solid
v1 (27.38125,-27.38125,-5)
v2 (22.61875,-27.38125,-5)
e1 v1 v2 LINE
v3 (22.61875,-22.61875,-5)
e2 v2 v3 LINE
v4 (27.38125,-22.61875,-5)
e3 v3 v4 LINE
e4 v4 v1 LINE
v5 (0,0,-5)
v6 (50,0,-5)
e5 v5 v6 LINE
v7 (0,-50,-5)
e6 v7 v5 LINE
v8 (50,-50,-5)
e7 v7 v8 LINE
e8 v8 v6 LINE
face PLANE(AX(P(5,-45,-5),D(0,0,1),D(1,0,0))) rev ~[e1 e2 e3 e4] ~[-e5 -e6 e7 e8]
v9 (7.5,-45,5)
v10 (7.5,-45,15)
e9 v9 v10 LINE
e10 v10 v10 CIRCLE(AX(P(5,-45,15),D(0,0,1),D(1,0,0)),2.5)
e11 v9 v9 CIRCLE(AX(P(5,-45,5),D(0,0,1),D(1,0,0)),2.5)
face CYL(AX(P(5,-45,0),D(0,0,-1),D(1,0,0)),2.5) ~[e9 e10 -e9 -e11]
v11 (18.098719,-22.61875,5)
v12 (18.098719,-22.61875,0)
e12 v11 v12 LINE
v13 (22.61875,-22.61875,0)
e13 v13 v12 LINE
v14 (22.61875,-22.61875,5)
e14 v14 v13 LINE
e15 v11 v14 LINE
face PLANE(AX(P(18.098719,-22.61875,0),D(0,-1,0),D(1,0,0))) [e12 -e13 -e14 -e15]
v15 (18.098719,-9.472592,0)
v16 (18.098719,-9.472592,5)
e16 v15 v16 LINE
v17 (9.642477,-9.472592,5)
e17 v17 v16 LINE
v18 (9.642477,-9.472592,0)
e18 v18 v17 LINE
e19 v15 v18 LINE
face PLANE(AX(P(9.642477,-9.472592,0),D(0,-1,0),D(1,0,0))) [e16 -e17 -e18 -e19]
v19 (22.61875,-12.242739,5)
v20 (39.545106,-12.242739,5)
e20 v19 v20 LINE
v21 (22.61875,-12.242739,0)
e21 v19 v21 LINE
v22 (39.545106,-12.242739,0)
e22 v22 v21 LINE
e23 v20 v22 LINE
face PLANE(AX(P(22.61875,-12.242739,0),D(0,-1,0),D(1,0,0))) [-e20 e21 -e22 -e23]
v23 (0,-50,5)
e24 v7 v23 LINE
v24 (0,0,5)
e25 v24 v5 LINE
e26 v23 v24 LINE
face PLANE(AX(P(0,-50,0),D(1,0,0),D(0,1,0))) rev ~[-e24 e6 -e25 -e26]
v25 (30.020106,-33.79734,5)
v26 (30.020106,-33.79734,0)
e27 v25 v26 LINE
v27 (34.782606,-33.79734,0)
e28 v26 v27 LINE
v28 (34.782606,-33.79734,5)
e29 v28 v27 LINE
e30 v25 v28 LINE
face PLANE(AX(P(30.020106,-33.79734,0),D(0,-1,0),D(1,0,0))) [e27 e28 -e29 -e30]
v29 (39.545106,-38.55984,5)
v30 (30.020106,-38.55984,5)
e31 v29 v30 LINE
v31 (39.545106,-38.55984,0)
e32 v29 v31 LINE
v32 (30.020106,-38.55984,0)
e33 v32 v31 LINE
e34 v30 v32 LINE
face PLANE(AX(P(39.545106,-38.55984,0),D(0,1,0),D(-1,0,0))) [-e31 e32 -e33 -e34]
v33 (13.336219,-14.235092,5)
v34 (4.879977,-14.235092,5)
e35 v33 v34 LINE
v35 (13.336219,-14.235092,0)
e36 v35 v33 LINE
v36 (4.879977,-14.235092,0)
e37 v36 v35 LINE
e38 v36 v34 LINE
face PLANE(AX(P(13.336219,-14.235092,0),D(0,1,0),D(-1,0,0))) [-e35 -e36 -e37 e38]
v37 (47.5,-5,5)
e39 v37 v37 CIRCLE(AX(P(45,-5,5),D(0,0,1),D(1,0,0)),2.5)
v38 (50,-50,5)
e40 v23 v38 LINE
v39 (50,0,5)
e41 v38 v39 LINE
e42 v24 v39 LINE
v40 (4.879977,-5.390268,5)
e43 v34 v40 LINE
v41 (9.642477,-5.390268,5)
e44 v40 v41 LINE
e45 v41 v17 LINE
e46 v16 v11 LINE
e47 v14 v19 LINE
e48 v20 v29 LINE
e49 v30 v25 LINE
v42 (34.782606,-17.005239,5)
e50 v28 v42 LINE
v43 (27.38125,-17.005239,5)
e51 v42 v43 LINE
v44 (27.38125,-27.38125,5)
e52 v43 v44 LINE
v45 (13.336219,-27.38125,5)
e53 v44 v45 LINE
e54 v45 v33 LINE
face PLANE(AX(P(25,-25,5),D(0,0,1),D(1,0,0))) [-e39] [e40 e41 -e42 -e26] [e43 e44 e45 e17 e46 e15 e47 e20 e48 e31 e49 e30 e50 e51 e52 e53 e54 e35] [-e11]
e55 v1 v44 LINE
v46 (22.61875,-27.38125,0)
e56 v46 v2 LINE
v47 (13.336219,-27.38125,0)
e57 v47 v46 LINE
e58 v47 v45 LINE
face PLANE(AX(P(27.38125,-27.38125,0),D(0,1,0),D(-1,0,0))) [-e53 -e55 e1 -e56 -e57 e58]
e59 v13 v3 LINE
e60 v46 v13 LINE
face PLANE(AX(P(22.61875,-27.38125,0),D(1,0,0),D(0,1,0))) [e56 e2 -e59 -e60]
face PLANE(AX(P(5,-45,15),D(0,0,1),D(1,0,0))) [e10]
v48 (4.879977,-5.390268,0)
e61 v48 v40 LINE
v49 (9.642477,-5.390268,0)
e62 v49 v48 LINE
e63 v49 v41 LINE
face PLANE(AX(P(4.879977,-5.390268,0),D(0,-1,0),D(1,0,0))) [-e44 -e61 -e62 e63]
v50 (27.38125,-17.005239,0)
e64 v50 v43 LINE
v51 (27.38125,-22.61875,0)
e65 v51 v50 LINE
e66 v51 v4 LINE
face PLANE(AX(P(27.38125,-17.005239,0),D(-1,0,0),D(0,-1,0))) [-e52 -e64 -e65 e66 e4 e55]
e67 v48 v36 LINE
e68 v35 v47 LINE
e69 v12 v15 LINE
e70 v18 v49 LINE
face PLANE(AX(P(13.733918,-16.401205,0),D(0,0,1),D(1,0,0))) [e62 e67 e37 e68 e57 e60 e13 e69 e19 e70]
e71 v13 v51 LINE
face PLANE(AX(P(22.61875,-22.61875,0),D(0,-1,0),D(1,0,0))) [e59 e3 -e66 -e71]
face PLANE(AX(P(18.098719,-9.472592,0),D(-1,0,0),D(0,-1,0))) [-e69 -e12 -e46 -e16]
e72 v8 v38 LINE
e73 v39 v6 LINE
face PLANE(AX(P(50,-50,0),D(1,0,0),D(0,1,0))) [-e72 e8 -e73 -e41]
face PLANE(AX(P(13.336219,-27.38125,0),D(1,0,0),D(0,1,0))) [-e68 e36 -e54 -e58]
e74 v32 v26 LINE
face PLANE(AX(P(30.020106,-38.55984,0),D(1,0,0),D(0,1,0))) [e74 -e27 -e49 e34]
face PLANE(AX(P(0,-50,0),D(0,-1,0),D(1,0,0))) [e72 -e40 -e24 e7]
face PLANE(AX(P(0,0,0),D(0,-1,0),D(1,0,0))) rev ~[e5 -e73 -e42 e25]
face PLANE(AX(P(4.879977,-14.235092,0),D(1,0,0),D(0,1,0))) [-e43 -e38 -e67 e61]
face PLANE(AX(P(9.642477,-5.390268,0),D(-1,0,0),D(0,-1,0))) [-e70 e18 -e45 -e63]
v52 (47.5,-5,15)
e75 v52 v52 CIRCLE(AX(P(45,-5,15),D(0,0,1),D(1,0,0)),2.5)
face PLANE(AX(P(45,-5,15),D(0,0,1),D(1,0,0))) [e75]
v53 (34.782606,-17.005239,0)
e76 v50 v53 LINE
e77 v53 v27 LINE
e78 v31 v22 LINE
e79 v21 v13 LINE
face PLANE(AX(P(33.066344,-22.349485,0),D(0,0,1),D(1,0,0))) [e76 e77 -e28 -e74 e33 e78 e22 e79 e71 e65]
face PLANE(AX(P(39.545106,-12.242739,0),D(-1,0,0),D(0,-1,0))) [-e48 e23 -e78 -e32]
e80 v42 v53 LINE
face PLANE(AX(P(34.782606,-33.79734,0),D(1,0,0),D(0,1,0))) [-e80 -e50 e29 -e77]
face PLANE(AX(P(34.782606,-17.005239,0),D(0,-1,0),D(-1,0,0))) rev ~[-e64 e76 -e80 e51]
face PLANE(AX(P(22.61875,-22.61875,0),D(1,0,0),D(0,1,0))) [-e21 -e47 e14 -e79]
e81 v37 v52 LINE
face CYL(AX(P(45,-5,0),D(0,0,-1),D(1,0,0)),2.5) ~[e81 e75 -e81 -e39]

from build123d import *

# Parameters (mm, degrees)
F0_W          = 50
F0_H          = 50
F0_R          = 2.5
F1_DEPTH      = 5
F0_W_2        = 4.7625
F0_H_2        = 4.7625
F2_DEPTH      = 2.38125
F3_DEPTH      = 5
F4_DEPTH      = 15
F4_DEPTH_BACK = 5


with BuildPart() as f1:
    # F0 (on Top) → F1 (new body, symmetric)
    with BuildSketch(Plane.XY):
        with Locations((25, -25)):
            Rectangle(F0_W, F0_H)
        with Locations((5, -45)):
            Circle(F0_R, mode=Mode.SUBTRACT)
        Polygon((18.098719, -22.61875), (22.61875, -22.61875), (22.61875, -12.242739), (39.545106, -12.242739), (39.545106, -17.005239), (39.545106, -38.55984), (34.782606, -38.55984), (30.020106, -38.55984), (30.020106, -33.79734), (34.782606, -33.79734), (34.782606, -17.005239), (27.38125, -17.005239), (27.38125, -22.61875), (27.38125, -25), (27.38125, -27.38125), (25, -27.38125), (22.61875, -27.38125), (18.098719, -27.38125), (13.336219, -27.38125), (13.336219, -14.235092), (4.879977, -14.235092), (4.879977, -9.472592), (4.879977, -5.390268), (9.642477, -5.390268), (9.642477, -9.472592), (13.336219, -9.472592), (18.098719, -9.472592), (18.098719, -14.235092), align=None, mode=Mode.SUBTRACT)
        with Locations((45, -5)):
            Circle(F0_R, mode=Mode.SUBTRACT)
    extrude(amount=F1_DEPTH, both=True)

    # F0 (on Top) → F2 (cut)
    with BuildSketch(Plane.XY):
        Polygon((22.61875, -27.38125), (22.61875, -25), (22.61875, -22.61875), (18.098719, -22.61875), (18.098719, -14.235092), (18.098719, -9.472592), (13.336219, -9.472592), (9.642477, -9.472592), (9.642477, -5.390268), (4.879977, -5.390268), (4.879977, -9.472592), (4.879977, -14.235092), (13.336219, -14.235092), (13.336219, -27.38125), (18.098719, -27.38125), align=None)
        Polygon((22.61875, -12.242739), (22.61875, -22.61875), (25, -22.61875), (27.38125, -22.61875), (27.38125, -17.005239), (34.782606, -17.005239), (34.782606, -33.79734), (34.782606, -38.55984), (39.545106, -38.55984), (39.545106, -17.005239), (39.545106, -12.242739), align=None)
        with Locations((32.401356, -36.17859)):
            Rectangle(F0_W_2, F0_H_2)
    extrude(amount=F2_DEPTH, mode=Mode.SUBTRACT)

    # F0 (on Top) → F3 (join)
    with BuildSketch(Plane.XY):
        Polygon((22.61875, -12.242739), (22.61875, -22.61875), (25, -22.61875), (27.38125, -22.61875), (27.38125, -17.005239), (34.782606, -17.005239), (34.782606, -33.79734), (34.782606, -38.55984), (39.545106, -38.55984), (39.545106, -17.005239), (39.545106, -12.242739), align=None)
        with Locations((32.401356, -36.17859)):
            Rectangle(F0_W_2, F0_H_2)
        Polygon((22.61875, -27.38125), (22.61875, -25), (22.61875, -22.61875), (18.098719, -22.61875), (18.098719, -14.235092), (18.098719, -9.472592), (13.336219, -9.472592), (9.642477, -9.472592), (9.642477, -5.390268), (4.879977, -5.390268), (4.879977, -9.472592), (4.879977, -14.235092), (13.336219, -14.235092), (13.336219, -27.38125), (18.098719, -27.38125), align=None)
    extrude(amount=-F3_DEPTH)

    # F0 (on Top) → F4 (join, two sides)
    with BuildSketch(Plane.XY) as f4_sk:
        with Locations((5, -45)):
            Circle(F0_R)
        with Locations((45, -5)):
            Circle(F0_R)
    extrude(amount=F4_DEPTH)
    extrude(f4_sk.sketch, amount=-F4_DEPTH_BACK)


solid = f1.part
